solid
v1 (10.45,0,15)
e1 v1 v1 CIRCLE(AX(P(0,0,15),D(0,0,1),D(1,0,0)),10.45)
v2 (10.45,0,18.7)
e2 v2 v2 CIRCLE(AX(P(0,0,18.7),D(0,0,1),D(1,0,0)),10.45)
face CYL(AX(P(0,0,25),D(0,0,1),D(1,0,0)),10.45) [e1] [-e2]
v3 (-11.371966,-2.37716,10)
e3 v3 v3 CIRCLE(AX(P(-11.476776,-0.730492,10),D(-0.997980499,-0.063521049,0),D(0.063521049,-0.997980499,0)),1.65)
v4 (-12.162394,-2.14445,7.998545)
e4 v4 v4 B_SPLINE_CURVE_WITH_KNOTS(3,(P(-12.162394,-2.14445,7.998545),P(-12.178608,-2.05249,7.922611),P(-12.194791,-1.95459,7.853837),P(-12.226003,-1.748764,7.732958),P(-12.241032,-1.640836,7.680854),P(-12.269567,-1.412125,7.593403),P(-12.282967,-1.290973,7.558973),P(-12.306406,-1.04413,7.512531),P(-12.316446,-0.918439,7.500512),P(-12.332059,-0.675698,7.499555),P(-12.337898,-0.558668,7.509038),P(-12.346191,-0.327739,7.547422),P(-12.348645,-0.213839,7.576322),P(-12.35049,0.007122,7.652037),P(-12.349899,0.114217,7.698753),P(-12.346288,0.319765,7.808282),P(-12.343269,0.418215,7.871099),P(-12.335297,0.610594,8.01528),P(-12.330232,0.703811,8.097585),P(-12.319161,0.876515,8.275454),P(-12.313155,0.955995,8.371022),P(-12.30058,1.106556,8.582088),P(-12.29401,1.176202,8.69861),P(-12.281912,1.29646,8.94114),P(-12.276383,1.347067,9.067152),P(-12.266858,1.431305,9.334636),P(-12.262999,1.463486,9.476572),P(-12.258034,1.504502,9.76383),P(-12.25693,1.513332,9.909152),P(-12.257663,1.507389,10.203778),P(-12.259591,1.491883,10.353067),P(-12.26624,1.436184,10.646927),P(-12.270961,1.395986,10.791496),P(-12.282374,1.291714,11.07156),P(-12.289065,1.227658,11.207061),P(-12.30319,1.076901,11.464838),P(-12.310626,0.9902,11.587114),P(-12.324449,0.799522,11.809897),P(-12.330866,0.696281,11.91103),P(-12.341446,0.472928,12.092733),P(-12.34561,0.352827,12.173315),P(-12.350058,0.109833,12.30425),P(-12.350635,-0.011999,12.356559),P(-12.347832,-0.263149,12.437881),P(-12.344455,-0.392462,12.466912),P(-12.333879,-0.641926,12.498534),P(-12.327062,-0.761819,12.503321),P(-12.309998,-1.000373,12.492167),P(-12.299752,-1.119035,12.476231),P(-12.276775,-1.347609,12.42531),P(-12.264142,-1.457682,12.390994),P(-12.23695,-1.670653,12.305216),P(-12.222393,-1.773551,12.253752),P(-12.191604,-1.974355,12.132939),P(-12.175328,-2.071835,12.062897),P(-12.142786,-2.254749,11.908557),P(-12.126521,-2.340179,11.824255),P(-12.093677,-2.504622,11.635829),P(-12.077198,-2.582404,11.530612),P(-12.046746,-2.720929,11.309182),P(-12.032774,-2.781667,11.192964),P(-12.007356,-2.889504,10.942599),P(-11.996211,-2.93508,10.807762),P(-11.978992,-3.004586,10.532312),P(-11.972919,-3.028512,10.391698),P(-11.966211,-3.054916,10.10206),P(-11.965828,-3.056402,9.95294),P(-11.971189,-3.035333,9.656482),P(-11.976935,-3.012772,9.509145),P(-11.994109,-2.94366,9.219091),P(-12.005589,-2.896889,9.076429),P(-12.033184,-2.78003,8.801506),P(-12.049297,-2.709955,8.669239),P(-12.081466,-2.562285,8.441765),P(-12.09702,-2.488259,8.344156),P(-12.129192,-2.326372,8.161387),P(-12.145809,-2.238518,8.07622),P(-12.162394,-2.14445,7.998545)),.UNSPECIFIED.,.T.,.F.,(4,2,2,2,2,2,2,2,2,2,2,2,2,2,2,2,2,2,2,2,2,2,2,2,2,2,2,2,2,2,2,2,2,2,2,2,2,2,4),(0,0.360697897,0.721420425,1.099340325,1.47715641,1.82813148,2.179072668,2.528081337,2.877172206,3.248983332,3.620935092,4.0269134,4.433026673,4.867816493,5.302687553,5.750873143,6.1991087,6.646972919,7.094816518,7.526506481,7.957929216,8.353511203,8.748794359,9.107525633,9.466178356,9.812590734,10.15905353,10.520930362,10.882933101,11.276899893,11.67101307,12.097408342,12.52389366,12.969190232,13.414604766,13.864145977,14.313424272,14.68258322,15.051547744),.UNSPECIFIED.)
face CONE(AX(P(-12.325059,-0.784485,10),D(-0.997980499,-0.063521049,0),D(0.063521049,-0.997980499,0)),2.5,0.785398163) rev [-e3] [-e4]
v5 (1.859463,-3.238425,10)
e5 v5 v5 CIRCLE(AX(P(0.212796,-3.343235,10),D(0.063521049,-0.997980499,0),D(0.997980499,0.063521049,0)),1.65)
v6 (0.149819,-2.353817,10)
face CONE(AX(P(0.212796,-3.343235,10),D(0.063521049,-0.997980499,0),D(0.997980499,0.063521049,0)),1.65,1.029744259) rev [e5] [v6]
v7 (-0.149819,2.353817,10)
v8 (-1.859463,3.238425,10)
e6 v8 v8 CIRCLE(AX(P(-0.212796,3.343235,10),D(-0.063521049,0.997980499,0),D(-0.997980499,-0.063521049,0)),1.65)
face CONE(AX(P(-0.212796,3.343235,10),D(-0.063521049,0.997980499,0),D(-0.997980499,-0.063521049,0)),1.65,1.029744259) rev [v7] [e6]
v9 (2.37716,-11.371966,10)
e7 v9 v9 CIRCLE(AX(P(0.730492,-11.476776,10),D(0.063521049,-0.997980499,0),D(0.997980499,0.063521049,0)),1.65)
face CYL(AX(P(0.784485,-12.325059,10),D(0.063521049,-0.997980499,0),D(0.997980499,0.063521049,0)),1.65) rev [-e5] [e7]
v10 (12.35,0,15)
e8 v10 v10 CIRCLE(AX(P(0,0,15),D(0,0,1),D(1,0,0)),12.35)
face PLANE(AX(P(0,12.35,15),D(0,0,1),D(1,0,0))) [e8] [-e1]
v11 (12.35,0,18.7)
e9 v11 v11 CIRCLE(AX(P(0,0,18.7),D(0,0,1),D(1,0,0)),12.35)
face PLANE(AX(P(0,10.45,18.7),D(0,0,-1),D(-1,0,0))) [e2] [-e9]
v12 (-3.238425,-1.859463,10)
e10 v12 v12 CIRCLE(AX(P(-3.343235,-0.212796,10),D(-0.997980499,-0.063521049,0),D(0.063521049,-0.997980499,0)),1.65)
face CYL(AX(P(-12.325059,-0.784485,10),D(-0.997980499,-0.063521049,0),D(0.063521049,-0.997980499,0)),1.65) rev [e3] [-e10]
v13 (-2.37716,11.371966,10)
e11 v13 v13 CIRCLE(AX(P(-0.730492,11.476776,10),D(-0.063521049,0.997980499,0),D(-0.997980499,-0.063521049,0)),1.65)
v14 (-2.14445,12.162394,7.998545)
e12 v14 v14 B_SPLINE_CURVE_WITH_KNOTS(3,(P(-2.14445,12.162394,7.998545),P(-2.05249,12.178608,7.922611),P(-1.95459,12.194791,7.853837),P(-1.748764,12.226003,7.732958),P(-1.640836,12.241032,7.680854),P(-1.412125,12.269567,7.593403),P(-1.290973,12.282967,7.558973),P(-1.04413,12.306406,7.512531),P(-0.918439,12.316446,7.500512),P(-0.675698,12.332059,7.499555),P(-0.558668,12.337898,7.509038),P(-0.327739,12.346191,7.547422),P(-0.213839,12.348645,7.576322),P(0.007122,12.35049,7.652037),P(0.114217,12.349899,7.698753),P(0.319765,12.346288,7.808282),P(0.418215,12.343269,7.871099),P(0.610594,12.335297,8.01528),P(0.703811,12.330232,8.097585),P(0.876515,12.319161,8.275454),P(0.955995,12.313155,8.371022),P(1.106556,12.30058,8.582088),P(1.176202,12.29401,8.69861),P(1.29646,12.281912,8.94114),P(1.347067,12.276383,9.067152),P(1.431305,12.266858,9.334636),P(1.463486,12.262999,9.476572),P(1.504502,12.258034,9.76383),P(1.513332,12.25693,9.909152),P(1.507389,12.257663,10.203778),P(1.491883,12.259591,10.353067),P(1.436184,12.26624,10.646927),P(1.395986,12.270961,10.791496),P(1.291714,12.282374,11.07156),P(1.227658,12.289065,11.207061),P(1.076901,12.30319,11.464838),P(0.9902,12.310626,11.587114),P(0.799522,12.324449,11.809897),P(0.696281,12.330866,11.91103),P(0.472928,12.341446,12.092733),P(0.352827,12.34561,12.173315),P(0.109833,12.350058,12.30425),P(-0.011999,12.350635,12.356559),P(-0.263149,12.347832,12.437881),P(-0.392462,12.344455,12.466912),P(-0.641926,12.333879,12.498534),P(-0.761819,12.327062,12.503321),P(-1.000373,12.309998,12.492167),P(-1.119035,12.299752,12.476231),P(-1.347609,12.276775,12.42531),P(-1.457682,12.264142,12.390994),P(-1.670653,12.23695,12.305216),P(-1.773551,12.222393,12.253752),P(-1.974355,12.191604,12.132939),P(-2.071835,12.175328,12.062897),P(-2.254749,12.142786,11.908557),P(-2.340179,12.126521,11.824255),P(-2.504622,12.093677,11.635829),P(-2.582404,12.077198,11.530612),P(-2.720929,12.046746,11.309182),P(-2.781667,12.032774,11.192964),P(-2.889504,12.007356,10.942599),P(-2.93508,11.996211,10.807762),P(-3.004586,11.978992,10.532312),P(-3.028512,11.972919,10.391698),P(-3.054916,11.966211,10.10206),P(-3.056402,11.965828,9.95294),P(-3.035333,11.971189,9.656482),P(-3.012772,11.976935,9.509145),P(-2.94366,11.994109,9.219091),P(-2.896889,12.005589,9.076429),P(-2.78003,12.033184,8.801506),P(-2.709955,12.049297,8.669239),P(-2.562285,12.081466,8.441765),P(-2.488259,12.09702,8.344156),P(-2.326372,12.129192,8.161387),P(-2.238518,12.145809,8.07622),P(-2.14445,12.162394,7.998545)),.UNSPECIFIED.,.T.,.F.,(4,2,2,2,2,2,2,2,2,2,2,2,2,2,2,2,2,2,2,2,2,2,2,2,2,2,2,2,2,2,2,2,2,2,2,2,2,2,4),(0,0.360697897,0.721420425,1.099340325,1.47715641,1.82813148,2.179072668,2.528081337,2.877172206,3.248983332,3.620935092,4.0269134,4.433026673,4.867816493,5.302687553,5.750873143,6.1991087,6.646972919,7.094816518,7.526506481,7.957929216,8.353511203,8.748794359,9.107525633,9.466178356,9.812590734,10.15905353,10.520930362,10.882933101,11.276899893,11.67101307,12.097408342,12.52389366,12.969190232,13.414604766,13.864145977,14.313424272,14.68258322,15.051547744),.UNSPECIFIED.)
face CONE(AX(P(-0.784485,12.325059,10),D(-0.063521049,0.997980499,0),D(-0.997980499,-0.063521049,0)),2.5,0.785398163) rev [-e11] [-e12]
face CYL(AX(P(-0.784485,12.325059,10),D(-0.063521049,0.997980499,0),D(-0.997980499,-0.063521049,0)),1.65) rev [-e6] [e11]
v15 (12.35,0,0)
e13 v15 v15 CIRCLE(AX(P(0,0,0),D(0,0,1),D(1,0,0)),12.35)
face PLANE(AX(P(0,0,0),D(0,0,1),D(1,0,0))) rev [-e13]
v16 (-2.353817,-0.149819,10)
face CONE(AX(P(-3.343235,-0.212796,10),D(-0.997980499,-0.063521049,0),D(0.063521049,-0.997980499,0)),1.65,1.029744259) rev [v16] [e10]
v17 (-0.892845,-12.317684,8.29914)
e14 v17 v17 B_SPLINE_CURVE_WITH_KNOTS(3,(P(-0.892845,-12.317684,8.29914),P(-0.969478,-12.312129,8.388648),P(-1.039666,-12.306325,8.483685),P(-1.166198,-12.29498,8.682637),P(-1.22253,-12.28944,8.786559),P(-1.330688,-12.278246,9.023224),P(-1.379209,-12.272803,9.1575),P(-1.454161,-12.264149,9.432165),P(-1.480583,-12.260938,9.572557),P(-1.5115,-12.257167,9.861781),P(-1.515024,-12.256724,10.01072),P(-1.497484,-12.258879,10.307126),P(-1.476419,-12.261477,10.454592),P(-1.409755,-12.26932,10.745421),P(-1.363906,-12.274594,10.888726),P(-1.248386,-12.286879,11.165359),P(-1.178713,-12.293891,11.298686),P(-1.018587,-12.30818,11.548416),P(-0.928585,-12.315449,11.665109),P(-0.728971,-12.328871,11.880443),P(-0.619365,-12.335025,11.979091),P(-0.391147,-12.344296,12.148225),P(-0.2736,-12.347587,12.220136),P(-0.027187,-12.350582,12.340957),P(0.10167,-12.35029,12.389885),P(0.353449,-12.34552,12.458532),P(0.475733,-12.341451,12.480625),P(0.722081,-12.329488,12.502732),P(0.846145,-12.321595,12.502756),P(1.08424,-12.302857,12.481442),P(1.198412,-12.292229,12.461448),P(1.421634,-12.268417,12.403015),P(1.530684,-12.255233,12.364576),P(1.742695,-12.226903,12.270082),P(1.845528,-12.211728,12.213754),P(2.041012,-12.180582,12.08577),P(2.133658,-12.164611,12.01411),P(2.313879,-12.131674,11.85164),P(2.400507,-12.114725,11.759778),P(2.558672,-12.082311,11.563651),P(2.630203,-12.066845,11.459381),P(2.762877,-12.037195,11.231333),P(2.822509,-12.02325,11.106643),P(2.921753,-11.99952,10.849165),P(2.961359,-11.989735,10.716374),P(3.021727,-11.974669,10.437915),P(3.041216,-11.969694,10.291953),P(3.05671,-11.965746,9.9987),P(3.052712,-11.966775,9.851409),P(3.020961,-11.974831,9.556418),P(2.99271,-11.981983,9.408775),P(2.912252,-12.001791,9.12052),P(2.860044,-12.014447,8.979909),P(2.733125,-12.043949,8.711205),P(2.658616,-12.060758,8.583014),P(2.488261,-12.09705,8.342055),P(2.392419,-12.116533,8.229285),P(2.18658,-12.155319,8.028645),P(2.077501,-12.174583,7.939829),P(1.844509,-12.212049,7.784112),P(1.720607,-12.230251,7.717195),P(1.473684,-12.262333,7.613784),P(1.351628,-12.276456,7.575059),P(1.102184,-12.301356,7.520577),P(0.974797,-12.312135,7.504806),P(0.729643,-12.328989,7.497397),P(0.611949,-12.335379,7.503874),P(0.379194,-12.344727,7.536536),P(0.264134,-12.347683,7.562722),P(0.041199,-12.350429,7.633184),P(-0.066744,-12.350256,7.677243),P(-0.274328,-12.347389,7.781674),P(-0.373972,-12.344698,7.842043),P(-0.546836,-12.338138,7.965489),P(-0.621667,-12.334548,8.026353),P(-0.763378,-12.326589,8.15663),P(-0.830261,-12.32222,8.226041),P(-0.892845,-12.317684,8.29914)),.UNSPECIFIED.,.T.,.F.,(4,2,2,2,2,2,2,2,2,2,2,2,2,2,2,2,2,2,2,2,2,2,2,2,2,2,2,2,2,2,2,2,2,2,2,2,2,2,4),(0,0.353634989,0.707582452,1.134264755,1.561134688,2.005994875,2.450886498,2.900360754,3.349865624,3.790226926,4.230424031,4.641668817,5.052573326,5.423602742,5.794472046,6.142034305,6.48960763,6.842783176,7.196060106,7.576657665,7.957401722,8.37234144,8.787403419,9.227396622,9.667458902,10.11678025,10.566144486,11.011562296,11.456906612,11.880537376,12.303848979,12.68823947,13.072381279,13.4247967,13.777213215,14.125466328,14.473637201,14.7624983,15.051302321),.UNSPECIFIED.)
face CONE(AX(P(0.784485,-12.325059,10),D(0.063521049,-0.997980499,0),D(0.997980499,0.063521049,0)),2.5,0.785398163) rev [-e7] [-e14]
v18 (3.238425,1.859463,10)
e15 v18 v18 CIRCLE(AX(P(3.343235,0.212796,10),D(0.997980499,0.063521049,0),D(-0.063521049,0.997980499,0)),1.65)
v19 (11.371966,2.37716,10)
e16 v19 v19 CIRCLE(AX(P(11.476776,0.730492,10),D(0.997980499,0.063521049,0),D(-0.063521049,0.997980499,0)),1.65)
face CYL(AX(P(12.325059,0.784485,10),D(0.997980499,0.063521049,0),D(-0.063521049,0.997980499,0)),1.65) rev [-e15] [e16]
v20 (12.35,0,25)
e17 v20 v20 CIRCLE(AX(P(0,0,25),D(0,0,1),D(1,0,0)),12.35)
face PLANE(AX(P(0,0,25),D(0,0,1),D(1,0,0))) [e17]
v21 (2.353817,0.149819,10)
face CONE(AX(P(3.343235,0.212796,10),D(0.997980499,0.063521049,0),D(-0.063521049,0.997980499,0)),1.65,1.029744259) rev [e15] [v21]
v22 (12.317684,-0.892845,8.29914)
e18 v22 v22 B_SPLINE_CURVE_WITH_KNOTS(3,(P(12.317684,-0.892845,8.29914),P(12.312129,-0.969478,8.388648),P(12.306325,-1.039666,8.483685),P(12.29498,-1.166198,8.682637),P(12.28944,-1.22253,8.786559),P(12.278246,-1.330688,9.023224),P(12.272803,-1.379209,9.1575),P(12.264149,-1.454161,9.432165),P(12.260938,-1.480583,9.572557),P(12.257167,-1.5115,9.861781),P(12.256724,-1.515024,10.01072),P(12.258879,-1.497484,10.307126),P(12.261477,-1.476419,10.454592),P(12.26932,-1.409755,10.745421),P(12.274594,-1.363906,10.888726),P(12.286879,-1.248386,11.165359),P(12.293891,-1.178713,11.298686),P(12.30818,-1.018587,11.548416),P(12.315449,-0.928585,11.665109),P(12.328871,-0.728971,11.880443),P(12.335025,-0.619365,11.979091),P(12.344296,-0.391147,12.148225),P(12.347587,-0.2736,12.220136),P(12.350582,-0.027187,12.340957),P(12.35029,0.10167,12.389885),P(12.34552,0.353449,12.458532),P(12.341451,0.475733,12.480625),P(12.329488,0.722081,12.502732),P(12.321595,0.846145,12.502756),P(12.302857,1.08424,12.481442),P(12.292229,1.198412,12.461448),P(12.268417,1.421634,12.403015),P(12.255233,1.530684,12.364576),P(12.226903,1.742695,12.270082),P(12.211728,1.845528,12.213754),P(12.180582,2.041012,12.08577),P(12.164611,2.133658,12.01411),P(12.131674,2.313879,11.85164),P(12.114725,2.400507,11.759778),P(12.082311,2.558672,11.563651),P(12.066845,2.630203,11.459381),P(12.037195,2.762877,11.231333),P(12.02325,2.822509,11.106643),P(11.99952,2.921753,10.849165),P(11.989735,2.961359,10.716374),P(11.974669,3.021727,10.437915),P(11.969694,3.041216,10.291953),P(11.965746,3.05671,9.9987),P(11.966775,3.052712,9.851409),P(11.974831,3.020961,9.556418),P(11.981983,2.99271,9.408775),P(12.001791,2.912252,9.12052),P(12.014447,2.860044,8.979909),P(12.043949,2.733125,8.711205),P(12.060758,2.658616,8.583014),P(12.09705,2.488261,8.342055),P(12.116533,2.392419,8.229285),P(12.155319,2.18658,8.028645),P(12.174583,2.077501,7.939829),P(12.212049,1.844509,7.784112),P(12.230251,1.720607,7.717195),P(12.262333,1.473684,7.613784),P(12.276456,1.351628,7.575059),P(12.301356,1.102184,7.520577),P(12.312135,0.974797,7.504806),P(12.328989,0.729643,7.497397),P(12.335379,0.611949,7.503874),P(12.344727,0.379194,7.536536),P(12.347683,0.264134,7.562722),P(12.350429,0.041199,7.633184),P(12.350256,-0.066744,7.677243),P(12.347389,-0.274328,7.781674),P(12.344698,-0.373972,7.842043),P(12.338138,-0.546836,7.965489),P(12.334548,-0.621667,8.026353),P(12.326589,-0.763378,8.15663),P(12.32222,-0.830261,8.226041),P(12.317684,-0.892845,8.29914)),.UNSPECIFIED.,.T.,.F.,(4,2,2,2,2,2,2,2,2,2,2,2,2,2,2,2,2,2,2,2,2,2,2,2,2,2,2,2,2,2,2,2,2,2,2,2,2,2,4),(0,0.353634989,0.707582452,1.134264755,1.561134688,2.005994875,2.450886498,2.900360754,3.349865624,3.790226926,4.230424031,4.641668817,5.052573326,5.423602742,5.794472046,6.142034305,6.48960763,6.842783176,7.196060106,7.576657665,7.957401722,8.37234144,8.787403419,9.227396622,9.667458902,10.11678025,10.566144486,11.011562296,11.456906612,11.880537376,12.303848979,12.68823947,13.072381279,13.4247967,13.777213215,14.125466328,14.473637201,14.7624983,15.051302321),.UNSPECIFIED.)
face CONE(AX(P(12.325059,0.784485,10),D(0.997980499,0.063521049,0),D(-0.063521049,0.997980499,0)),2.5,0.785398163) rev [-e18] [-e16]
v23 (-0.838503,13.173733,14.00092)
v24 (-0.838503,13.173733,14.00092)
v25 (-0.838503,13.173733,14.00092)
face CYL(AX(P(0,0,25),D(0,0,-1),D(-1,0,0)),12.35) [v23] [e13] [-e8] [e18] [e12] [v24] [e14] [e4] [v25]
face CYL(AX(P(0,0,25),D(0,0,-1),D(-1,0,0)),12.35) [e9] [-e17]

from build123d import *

# Parameters (mm, degrees)
SKETCH1_R           = 12.35
BOSS_EXTRUDE1_DEPTH = 25
CIRPATTERN1_COUNT   = 4
SKETCH7_W           = 3.7
SKETCH7_H           = 1.9


with BuildPart() as part:
    # Sketch1 → Boss-Extrude1 (new body)
    with BuildSketch(Plane.XY):
        Circle(SKETCH1_R)
    extrude(amount=BOSS_EXTRUDE1_DEPTH)

    # Sketch2 → M4x0.7 Tapped Hole1 (revolve, cut)
    with BuildSketch(Plane(origin=(-0.784484958, 12.325059162, 10), x_dir=(-0.9979804989599389, -0.06352104923308127, 0), z_dir=(0, 0, 1))):
        Polygon((0, 0), (0, 9.991420021), (1.65, 9), (1.65, 0.85), (2.5, 0), align=None)
    m4x0_7_tapped_hole1 = revolve(axis=Axis((-1.187843621, 18.662235331, 10), (0.06352104923308129, -0.9979804989599389, 0)), mode=Mode.SUBTRACT)

    # CirPattern1: M4x0.7 Tapped Hole1 ×4 about axis
    cirpattern1_axis = Axis((0, 0, 25), (0, 0, -1))
    for i in range(1, CIRPATTERN1_COUNT):
        add(m4x0_7_tapped_hole1.rotate(cirpattern1_axis, i * 360 / CIRPATTERN1_COUNT), mode=Mode.SUBTRACT)

    # Sketch7 → Cut-Revolve1 (revolve, cut)
    with BuildSketch(Plane(origin=(0, 0, 0), x_dir=(0, 0, -1), z_dir=(1, 0, 0)), mode=Mode.PRIVATE) as cut_revolve1_sk:
        with Locations((-16.85, 11.4)):
            Rectangle(SKETCH7_W, SKETCH7_H)
    revolve(cut_revolve1_sk.sketch.rotate(Axis((0, 0, 25), (0, 0, -1)), 90), axis=Axis((0, 0, 25), (0, 0, -1)), mode=Mode.SUBTRACT)


solid = part.part
